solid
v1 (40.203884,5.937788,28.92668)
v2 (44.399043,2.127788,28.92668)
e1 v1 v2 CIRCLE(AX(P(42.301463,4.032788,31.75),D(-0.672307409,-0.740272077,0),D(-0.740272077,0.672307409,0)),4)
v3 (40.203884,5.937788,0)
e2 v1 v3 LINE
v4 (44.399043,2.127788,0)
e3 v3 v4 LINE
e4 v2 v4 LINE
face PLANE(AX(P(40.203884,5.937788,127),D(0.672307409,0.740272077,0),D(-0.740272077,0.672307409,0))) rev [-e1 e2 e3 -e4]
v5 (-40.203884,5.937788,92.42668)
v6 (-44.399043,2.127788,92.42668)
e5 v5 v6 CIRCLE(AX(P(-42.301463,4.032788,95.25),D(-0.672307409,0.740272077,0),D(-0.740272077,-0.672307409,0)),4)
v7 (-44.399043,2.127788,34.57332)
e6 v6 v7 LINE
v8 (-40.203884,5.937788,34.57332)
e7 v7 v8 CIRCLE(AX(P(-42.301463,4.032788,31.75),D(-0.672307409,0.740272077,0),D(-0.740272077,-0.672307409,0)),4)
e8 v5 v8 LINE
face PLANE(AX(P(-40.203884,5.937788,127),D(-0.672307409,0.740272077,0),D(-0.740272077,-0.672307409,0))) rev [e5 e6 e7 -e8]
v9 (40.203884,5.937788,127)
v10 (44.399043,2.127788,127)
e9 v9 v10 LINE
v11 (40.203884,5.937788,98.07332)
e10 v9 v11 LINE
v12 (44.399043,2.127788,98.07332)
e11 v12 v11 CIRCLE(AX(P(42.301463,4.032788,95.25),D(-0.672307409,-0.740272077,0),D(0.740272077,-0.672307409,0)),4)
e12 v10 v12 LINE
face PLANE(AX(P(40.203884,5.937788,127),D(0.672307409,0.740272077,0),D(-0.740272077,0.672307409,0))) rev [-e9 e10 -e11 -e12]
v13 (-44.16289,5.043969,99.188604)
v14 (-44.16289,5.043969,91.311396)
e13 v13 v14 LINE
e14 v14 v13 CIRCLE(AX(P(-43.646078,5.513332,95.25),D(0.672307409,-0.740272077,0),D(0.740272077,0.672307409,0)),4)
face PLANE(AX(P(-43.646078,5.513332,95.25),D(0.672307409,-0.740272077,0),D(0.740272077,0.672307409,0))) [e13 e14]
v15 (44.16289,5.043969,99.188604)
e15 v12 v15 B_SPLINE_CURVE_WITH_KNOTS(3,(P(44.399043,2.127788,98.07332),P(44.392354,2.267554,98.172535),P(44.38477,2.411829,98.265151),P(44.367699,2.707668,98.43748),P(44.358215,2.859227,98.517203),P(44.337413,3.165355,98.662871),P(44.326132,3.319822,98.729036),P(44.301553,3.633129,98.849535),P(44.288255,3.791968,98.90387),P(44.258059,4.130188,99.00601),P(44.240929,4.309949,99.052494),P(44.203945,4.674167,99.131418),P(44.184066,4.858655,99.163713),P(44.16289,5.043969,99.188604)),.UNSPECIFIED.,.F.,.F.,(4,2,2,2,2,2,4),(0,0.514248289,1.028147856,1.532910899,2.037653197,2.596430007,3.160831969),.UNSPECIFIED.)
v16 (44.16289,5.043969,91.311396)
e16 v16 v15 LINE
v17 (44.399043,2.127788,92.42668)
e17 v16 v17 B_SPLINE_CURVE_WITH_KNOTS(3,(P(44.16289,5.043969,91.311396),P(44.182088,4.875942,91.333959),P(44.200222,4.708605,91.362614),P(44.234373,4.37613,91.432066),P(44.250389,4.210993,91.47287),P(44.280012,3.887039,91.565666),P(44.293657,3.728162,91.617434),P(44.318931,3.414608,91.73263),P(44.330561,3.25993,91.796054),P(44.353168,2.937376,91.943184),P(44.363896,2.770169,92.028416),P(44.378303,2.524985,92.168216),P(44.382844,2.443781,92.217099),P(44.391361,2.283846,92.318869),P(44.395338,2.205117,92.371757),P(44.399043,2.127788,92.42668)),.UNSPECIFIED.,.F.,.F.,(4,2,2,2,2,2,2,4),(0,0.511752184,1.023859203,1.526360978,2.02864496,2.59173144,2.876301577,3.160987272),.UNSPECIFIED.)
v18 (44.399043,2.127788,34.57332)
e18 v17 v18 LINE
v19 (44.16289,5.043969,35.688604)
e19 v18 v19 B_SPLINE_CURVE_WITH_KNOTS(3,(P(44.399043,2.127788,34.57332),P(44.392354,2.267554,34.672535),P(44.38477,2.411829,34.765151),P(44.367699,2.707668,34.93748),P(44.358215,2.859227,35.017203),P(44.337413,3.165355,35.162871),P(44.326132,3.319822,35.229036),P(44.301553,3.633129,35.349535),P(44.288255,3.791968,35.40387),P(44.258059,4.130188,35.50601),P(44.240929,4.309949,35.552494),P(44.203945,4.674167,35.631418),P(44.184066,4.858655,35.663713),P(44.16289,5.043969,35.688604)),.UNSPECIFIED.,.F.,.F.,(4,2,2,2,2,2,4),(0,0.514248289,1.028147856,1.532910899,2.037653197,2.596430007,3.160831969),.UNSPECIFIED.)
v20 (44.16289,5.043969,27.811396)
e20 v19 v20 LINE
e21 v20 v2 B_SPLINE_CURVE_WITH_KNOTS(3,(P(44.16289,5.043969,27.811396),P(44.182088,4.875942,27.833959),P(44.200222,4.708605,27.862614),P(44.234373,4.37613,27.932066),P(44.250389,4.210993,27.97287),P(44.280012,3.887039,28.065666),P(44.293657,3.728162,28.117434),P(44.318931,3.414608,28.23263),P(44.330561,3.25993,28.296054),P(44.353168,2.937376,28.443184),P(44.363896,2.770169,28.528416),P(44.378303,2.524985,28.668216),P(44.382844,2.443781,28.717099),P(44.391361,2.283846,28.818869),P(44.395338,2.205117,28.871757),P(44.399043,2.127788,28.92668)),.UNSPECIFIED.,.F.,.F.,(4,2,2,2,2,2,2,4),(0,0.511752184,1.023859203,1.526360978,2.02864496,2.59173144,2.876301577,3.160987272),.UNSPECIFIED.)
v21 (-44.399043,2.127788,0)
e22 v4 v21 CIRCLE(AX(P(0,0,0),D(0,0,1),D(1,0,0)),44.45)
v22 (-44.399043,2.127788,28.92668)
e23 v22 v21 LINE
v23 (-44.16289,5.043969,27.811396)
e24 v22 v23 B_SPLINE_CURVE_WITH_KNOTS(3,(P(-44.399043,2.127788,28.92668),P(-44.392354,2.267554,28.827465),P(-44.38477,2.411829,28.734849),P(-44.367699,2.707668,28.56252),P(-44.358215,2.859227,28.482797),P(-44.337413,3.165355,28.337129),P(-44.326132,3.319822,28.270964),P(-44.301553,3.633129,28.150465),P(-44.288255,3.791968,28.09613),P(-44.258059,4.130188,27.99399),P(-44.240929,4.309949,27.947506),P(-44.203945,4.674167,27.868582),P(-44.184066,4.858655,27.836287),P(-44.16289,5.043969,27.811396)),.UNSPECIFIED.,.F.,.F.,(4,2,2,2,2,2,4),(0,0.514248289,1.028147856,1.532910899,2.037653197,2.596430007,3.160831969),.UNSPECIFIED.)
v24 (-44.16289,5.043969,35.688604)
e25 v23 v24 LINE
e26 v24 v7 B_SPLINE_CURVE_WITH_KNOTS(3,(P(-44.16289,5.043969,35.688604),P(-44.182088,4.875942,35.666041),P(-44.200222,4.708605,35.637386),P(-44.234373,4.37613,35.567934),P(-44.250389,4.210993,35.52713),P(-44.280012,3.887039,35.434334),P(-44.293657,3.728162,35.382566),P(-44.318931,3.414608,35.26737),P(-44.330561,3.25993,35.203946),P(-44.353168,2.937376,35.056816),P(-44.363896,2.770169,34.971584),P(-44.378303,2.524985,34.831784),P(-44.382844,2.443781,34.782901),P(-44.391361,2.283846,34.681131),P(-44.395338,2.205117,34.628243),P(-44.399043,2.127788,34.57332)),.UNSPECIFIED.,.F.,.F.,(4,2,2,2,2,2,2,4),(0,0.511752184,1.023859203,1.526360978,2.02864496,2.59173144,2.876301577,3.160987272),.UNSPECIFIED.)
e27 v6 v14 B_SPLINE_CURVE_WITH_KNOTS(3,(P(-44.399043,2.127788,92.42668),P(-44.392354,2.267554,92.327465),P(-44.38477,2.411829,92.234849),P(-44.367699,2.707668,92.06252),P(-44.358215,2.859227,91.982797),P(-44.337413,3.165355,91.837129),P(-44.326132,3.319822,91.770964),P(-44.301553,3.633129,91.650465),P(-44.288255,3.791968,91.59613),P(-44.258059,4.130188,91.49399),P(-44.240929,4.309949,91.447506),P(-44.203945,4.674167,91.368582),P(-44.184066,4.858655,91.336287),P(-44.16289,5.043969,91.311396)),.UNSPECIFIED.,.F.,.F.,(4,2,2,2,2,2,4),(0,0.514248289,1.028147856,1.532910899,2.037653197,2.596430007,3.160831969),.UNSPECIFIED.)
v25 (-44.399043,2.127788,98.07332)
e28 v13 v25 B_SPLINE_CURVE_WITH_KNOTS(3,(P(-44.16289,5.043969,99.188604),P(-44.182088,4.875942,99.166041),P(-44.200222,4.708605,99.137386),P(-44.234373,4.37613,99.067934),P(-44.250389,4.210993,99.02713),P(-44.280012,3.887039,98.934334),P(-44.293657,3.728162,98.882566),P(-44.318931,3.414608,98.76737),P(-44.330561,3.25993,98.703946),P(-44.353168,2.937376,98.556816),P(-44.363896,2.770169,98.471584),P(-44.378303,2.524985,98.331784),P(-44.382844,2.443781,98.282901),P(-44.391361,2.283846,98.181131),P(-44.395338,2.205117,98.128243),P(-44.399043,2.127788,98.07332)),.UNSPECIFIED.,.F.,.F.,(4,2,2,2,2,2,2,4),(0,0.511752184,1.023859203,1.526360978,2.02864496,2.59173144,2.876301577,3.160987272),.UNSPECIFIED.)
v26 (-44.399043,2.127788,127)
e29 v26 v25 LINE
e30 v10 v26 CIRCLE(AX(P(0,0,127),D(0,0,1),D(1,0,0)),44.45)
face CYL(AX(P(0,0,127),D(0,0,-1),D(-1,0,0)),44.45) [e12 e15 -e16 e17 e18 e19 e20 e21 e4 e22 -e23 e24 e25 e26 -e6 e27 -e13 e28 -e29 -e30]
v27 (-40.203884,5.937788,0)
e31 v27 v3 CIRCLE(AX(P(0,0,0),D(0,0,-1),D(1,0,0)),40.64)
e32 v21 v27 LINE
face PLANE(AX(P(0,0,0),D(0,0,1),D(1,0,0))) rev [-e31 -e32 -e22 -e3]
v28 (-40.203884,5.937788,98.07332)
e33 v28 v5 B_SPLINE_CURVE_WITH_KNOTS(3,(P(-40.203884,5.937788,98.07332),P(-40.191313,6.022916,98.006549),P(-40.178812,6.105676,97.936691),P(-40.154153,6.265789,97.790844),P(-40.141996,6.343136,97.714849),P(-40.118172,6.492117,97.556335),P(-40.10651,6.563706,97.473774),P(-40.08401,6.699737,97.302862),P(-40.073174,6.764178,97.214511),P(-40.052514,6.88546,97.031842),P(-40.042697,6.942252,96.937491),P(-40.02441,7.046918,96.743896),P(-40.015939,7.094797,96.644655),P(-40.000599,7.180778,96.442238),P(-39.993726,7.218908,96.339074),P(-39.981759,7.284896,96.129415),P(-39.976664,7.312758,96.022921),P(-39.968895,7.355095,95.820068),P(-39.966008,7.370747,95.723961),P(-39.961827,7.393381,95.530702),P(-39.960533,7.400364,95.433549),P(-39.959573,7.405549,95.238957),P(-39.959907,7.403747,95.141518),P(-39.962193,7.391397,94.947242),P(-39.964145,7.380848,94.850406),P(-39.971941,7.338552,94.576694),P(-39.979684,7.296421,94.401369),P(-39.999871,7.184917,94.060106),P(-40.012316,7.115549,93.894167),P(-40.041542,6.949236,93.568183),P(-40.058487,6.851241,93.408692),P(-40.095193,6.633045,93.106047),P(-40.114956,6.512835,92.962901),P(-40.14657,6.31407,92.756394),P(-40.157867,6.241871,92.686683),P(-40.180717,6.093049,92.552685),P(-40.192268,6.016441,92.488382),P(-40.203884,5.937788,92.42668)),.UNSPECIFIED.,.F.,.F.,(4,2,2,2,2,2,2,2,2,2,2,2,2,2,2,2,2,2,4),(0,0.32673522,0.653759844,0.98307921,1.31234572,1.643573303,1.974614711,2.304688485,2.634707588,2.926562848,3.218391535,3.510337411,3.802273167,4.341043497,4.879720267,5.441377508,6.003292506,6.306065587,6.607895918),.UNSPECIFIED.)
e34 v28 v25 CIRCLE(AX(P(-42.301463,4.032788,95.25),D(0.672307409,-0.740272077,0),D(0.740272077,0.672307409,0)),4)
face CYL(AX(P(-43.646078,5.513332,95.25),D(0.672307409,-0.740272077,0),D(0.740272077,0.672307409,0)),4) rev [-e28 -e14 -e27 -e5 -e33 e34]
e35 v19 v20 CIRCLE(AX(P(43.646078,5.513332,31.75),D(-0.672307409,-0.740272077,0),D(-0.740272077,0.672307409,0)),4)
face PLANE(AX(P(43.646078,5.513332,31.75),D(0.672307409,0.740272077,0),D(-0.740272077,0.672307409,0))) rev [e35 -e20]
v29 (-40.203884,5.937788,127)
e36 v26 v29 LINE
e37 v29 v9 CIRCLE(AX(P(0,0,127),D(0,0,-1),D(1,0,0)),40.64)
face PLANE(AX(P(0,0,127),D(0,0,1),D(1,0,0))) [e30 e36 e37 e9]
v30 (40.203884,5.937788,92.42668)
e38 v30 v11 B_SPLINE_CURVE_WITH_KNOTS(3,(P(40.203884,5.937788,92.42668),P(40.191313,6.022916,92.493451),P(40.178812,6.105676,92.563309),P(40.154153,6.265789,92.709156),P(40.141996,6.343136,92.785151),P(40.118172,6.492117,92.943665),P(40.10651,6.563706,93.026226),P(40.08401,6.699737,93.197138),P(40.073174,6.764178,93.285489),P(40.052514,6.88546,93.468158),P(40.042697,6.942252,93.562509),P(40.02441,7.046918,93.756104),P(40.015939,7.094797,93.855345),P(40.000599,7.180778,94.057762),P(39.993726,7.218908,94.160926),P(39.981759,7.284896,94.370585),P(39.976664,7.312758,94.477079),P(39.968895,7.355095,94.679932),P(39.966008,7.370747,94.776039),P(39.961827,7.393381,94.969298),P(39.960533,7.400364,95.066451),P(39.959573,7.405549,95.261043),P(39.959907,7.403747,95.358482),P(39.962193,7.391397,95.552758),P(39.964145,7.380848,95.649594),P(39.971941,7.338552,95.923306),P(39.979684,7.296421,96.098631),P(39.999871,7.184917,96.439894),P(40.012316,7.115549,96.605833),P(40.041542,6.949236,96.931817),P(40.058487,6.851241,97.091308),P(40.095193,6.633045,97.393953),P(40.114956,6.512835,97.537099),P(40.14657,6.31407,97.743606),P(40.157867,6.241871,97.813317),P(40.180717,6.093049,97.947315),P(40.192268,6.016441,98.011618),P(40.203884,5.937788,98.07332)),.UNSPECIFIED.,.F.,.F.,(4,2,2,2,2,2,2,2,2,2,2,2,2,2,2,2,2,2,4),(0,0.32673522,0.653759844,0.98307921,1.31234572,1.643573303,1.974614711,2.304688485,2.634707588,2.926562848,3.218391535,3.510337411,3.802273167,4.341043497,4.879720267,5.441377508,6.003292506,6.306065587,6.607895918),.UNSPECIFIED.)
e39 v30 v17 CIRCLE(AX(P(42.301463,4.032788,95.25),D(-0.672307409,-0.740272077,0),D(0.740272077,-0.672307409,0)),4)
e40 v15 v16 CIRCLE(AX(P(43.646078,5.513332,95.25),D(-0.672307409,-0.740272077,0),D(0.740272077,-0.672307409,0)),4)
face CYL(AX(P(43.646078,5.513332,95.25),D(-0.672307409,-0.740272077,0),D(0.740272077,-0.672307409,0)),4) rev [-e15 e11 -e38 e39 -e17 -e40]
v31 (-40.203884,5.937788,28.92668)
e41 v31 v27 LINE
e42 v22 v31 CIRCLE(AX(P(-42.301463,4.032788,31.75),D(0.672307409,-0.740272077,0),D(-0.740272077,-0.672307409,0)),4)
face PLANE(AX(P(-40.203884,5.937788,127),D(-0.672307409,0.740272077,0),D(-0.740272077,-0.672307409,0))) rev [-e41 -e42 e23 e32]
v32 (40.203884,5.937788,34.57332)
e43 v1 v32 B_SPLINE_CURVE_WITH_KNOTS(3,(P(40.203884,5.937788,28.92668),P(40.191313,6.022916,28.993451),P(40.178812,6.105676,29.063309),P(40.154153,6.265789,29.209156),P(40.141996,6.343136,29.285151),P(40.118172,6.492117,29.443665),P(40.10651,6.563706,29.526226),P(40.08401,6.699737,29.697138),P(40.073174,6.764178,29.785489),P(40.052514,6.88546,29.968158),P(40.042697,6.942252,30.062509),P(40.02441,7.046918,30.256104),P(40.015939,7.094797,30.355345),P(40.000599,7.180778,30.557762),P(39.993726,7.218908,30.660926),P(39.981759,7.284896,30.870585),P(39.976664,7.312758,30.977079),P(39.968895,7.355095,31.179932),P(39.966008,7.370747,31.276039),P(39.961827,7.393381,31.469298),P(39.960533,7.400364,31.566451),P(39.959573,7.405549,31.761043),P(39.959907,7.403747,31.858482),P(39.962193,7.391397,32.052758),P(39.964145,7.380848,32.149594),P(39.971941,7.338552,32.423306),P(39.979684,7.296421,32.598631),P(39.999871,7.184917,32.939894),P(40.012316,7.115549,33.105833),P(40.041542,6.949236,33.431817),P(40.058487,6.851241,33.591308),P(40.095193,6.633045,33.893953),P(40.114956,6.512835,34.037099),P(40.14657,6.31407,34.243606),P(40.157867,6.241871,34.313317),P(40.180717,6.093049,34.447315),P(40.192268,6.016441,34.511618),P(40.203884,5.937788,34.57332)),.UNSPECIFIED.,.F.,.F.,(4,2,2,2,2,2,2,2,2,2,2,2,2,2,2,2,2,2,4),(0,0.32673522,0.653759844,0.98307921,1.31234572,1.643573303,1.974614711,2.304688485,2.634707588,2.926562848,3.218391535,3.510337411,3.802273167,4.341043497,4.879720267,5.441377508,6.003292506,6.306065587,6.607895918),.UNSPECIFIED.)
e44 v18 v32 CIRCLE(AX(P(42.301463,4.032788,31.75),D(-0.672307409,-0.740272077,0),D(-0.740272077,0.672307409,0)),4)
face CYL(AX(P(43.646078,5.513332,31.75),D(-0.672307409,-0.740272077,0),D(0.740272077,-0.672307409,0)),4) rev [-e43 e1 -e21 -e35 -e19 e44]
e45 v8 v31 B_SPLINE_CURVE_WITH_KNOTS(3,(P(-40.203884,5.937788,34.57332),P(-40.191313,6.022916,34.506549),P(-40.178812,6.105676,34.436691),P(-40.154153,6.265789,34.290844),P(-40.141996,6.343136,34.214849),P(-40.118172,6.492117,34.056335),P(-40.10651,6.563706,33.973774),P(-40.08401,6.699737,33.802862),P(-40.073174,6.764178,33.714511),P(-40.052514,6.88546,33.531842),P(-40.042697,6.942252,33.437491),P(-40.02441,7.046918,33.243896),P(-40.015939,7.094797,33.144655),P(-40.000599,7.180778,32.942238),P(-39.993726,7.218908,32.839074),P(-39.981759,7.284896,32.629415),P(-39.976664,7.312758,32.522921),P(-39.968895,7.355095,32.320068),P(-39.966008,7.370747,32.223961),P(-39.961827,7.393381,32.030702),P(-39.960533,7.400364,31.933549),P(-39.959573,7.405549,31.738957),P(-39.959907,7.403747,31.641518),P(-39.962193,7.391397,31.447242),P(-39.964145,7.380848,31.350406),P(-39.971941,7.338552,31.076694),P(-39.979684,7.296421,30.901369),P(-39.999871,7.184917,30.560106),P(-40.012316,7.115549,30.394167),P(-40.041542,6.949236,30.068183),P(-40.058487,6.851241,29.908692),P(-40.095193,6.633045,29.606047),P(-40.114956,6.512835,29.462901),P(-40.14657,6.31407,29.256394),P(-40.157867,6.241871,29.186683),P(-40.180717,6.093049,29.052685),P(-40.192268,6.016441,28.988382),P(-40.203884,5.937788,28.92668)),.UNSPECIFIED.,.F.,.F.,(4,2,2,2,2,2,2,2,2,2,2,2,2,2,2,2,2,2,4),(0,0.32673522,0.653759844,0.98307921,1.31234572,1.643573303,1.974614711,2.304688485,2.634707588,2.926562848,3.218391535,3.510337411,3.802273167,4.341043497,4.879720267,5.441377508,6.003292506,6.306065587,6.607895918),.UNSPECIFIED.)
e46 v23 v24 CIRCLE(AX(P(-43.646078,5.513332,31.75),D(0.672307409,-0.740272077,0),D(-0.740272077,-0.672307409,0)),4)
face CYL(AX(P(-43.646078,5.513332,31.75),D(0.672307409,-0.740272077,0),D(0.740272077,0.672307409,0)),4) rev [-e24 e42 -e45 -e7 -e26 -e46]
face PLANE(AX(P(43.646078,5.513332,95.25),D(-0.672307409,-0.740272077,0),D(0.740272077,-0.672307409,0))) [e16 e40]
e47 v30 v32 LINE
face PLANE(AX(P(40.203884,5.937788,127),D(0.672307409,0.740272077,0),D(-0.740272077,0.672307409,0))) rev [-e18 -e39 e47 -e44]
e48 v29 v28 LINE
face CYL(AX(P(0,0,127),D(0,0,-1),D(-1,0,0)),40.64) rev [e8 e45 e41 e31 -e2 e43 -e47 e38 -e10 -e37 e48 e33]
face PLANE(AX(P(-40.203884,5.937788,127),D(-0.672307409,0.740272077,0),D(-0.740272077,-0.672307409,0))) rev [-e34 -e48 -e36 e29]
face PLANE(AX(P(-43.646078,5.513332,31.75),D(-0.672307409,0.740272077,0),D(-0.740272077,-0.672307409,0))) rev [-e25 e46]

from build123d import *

# Parameters (mm, degrees)
BOSS_EXTRUDE1_DEPTH = 127
SKETCH2_R           = 4
CUT_EXTRUDE1_DEPTH  = 2
SKETCH3_R           = 4
CUT_EXTRUDE2_DEPTH  = 2


with BuildPart() as part:
    # Sketch1 → Boss-Extrude1 (new body)
    with BuildSketch(Plane.XY):
        with BuildLine():
            Line((-40.203883769, 5.937788296), (-44.399042974, 2.127788296))
            ThreePointArc((-44.399042974, 2.127788296), (0, 44.45), (44.399042974, 2.127788296))
            Line((44.399042974, 2.127788296), (40.203883769, 5.937788296))
            ThreePointArc((40.203883769, 5.937788296), (0, 40.64), (-40.203883769, 5.937788296))
        make_face()
    extrude(amount=BOSS_EXTRUDE1_DEPTH)

    # Sketch2 → Cut-Extrude1 (cut)
    with BuildSketch(Plane(origin=(-21.127225221, 23.263011377, 0), x_dir=(0.7402720771062569, 0.6723074087475075, 0), z_dir=(0.6723074087475075, -0.7402720771062569, 0))):
        with Locations((-28.603318705, 95.25)):
            Circle(SKETCH2_R)
        with Locations((-28.603318705, 31.75)):
            Circle(SKETCH2_R)
    extrude(amount=-CUT_EXTRUDE1_DEPTH, mode=Mode.SUBTRACT)

    # Sketch3 → Cut-Extrude2 (cut)
    with BuildSketch(Plane(origin=(21.127225221, 23.263011377, 0), x_dir=(0.7402720771062569, -0.6723074087475075, 0), z_dir=(-0.6723074087475075, -0.7402720771062569, 0))):
        with Locations((28.603318705, 95.25)):
            Circle(SKETCH3_R)
        with Locations((28.603318705, 31.75)):
            Circle(SKETCH3_R)
    extrude(amount=-CUT_EXTRUDE2_DEPTH, mode=Mode.SUBTRACT)


solid = part.part
